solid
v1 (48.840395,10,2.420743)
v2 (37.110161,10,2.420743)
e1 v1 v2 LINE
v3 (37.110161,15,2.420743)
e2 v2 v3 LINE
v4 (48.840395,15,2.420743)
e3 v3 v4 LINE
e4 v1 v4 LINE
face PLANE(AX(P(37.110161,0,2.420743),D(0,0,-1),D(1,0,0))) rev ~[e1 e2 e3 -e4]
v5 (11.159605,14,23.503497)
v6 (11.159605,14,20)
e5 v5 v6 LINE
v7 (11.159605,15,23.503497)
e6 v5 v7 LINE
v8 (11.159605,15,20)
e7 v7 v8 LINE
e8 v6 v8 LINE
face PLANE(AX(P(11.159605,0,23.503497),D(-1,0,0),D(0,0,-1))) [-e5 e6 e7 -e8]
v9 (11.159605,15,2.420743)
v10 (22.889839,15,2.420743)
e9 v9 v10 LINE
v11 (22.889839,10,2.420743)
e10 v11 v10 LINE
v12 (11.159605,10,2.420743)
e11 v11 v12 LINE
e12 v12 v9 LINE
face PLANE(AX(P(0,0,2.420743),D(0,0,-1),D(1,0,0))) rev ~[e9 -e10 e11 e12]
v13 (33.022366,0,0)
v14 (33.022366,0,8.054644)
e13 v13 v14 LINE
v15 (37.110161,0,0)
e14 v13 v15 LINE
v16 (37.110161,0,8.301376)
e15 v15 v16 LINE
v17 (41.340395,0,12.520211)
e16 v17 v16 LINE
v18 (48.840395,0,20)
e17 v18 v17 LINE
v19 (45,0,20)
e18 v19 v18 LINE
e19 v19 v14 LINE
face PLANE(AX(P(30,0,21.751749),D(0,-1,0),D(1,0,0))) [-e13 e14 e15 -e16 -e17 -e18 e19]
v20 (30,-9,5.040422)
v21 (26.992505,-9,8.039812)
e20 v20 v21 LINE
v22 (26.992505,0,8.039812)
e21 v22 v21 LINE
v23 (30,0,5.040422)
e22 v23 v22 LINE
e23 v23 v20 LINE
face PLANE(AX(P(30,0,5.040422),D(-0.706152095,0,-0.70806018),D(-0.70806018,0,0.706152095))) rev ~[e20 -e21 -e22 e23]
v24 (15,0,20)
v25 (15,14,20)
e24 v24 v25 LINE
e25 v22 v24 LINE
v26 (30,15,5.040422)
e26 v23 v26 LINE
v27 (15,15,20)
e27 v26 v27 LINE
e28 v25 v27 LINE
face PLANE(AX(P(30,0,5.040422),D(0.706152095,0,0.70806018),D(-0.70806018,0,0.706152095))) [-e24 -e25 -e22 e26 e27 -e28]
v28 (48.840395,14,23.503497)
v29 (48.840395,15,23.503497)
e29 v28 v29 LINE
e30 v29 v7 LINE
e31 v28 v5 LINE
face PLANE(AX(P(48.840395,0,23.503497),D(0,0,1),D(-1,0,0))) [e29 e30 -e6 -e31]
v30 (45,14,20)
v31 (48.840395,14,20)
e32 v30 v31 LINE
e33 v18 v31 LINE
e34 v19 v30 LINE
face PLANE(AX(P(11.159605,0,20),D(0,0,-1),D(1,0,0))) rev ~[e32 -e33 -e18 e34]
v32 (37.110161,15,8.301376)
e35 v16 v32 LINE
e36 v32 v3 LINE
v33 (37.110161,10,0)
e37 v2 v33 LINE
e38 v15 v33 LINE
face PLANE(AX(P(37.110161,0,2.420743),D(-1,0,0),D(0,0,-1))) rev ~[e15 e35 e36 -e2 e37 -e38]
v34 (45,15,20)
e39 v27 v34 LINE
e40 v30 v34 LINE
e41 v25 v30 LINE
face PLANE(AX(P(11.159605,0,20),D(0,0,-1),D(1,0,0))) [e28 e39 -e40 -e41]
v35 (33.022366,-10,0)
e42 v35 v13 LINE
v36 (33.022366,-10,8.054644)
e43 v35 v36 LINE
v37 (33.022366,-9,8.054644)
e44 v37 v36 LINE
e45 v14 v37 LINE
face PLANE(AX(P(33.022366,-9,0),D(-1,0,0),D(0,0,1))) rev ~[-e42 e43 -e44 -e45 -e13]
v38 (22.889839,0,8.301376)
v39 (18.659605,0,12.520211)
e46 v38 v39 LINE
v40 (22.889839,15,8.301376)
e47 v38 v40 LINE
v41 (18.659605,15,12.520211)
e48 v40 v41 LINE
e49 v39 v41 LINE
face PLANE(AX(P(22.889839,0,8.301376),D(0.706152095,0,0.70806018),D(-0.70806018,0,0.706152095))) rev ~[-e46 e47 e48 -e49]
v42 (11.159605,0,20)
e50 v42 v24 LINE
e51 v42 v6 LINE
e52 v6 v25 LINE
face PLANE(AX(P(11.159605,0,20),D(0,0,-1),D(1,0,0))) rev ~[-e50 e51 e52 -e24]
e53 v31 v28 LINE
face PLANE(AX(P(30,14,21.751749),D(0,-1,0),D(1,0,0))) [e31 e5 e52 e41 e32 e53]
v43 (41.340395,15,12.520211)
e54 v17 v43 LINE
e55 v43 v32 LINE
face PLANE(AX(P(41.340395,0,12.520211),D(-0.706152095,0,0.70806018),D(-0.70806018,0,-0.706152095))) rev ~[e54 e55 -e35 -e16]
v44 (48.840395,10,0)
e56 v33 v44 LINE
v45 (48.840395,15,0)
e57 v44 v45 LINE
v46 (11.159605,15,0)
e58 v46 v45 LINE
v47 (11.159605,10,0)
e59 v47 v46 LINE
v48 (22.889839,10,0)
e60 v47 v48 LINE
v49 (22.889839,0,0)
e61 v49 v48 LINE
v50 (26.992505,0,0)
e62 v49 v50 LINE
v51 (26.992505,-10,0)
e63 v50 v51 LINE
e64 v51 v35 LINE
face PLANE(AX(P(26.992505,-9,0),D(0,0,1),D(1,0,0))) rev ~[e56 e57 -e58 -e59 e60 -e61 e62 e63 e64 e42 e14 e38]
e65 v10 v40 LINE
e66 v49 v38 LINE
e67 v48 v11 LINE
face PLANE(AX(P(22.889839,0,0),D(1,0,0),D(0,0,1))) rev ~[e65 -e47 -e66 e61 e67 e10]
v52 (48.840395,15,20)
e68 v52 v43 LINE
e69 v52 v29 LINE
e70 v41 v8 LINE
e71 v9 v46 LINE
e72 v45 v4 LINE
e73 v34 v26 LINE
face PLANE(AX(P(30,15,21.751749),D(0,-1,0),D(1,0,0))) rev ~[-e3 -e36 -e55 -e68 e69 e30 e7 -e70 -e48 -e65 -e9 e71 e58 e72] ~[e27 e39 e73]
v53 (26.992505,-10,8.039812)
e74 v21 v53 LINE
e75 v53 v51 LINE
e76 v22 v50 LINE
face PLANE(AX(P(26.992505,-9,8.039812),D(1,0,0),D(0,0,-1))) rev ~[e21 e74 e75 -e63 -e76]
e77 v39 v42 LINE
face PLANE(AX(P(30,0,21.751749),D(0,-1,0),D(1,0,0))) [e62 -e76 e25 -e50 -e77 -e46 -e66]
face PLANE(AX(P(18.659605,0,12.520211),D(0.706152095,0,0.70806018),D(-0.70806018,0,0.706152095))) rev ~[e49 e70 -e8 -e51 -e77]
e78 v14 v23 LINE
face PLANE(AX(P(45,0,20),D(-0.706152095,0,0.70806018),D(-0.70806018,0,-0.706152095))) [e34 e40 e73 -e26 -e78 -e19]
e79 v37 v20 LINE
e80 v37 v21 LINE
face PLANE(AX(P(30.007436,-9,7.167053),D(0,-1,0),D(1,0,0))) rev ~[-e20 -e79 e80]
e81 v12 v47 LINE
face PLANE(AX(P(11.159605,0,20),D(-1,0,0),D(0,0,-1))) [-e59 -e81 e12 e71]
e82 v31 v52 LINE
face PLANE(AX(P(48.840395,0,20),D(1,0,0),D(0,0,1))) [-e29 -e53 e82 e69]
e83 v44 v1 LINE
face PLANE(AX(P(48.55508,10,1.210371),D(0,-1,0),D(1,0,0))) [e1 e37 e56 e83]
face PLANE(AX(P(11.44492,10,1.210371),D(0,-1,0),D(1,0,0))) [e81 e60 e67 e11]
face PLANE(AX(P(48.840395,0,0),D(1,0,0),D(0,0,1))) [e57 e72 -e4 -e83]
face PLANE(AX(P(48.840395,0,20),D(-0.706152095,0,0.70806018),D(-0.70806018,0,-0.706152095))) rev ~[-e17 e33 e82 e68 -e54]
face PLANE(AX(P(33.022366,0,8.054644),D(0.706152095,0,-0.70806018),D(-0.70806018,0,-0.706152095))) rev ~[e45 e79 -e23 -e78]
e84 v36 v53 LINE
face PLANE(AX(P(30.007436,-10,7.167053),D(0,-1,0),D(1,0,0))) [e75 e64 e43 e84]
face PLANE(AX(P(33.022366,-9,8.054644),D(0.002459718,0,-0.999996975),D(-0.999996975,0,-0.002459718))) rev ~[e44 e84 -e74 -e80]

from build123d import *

# Parameters (mm, degrees)
F1_DEPTH  = 15
F3_DEPTH  = 15
F4_DEPTH  = 10
F5_DEPTH  = 15
F6_DEPTH  = 14
F8_DEPTH  = 9
F9_DEPTH  = 11.1596047133
F10_DEPTH = 11.1596047133
F12_DEPTH = 1


with BuildPart() as f1:
    # F0 (on Front) → F1 (new body)
    with BuildSketch(Plane.XZ):
        Polygon((0, 20), (0, 0), (60, 0), (60, 20), (45, 20), (30, 5.0404220819), (15, 20), align=None)
    extrude(amount=-F1_DEPTH)

    # F2 (on face) → F3 (cut, through all)
    with BuildSketch(Plane.XZ):
        Polygon((18.6596047133, 2.4207425304), (22.8898393214, 2.4207425304), (22.8898393214, 8.3013760923), (18.6596047133, 12.520211041), (14.3979182423, 16.770413096), (11.1596047133, 20), (0, 20), (0, 2.4207425304), align=None)
        Polygon((37.1101606786, 2.4207425304), (41.3403952867, 2.4207425304), (60, 2.4207425304), (60, 20), (48.8403952867, 20), (45.6020817577, 16.770413096), (41.3403952867, 12.520211041), (37.1101606786, 8.3013760923), align=None)
    extrude(amount=-F3_DEPTH, mode=Mode.SUBTRACT)

    # F2 (on face) → F4 (cut)
    with BuildSketch(Plane.XZ):
        Polygon((0, 0), (22.8898393214, 0), (22.8898393214, 2.4207425304), (18.6596047133, 2.4207425304), (0, 2.4207425304), align=None)
        Polygon((60, 2.4207425304), (41.3403952867, 2.4207425304), (37.1101606786, 2.4207425304), (37.1101606786, 0), (60, 0), align=None)
    extrude(amount=-F4_DEPTH, mode=Mode.SUBTRACT)

    # F2 (on face) → F5 (join, through all)
    with BuildSketch(Plane.XZ):
        Polygon((45, 20), (48.8403952867, 20), (48.8403952867, 23.5034972429), (15, 23.5034972429), (11.1596047133, 23.5034972429), (11.1596047133, 20), (15, 20), align=None)
    extrude(amount=-F5_DEPTH)

    # F2 (on face) → F6 (cut)
    with BuildSketch(Plane.XZ):
        Polygon((45, 20), (48.8403952867, 20), (48.8403952867, 23.5034972429), (15, 23.5034972429), (11.1596047133, 23.5034972429), (11.1596047133, 20), (15, 20), align=None)
    extrude(amount=-F6_DEPTH, mode=Mode.SUBTRACT)

    # F7 (on face) → F8 (join)
    with BuildSketch(Plane.XZ):
        Polygon((26.9925054163, 0), (29.0075894445, 0), (31.0043748468, 0), (33.0223664641, 0), (33.0223664641, 5.0404220819), (33.0223664641, 8.0546438564), (30, 5.0404220819), (26.9925054163, 8.0398120528), (26.9925054163, 6.030158284), align=None)
    extrude(amount=F8_DEPTH)

    # F9 (cut, through all): a face of the model
    f9_faces = [f1.faces().sort_by_distance(p)[0] for p in [
        (0, 12.5, 1.2103712652),
    ]]
    extrude(f9_faces, amount=-F9_DEPTH, mode=Mode.SUBTRACT)

    # F10 (cut, through all): a face of the model
    f10_faces = [f1.faces().sort_by_distance(p)[0] for p in [
        (60, 12.5, 1.2103712652),
    ]]
    extrude(f10_faces, amount=-F10_DEPTH, mode=Mode.SUBTRACT)

    # F11 (on face) → F12 (join)
    with BuildSketch(Plane.XZ.offset(9)):
        Polygon((33.0223664641, 8.0546438564), (26.9925054163, 8.0398120528), (30, 5.0404220819), align=None)
        Polygon((30, 5.0404220819), (26.9925054163, 8.0398120528), (26.9925054163, 0), (33.0223664641, 0), (33.0223664641, 8.0546438564), align=None)
    extrude(amount=F12_DEPTH)


solid = f1.part
